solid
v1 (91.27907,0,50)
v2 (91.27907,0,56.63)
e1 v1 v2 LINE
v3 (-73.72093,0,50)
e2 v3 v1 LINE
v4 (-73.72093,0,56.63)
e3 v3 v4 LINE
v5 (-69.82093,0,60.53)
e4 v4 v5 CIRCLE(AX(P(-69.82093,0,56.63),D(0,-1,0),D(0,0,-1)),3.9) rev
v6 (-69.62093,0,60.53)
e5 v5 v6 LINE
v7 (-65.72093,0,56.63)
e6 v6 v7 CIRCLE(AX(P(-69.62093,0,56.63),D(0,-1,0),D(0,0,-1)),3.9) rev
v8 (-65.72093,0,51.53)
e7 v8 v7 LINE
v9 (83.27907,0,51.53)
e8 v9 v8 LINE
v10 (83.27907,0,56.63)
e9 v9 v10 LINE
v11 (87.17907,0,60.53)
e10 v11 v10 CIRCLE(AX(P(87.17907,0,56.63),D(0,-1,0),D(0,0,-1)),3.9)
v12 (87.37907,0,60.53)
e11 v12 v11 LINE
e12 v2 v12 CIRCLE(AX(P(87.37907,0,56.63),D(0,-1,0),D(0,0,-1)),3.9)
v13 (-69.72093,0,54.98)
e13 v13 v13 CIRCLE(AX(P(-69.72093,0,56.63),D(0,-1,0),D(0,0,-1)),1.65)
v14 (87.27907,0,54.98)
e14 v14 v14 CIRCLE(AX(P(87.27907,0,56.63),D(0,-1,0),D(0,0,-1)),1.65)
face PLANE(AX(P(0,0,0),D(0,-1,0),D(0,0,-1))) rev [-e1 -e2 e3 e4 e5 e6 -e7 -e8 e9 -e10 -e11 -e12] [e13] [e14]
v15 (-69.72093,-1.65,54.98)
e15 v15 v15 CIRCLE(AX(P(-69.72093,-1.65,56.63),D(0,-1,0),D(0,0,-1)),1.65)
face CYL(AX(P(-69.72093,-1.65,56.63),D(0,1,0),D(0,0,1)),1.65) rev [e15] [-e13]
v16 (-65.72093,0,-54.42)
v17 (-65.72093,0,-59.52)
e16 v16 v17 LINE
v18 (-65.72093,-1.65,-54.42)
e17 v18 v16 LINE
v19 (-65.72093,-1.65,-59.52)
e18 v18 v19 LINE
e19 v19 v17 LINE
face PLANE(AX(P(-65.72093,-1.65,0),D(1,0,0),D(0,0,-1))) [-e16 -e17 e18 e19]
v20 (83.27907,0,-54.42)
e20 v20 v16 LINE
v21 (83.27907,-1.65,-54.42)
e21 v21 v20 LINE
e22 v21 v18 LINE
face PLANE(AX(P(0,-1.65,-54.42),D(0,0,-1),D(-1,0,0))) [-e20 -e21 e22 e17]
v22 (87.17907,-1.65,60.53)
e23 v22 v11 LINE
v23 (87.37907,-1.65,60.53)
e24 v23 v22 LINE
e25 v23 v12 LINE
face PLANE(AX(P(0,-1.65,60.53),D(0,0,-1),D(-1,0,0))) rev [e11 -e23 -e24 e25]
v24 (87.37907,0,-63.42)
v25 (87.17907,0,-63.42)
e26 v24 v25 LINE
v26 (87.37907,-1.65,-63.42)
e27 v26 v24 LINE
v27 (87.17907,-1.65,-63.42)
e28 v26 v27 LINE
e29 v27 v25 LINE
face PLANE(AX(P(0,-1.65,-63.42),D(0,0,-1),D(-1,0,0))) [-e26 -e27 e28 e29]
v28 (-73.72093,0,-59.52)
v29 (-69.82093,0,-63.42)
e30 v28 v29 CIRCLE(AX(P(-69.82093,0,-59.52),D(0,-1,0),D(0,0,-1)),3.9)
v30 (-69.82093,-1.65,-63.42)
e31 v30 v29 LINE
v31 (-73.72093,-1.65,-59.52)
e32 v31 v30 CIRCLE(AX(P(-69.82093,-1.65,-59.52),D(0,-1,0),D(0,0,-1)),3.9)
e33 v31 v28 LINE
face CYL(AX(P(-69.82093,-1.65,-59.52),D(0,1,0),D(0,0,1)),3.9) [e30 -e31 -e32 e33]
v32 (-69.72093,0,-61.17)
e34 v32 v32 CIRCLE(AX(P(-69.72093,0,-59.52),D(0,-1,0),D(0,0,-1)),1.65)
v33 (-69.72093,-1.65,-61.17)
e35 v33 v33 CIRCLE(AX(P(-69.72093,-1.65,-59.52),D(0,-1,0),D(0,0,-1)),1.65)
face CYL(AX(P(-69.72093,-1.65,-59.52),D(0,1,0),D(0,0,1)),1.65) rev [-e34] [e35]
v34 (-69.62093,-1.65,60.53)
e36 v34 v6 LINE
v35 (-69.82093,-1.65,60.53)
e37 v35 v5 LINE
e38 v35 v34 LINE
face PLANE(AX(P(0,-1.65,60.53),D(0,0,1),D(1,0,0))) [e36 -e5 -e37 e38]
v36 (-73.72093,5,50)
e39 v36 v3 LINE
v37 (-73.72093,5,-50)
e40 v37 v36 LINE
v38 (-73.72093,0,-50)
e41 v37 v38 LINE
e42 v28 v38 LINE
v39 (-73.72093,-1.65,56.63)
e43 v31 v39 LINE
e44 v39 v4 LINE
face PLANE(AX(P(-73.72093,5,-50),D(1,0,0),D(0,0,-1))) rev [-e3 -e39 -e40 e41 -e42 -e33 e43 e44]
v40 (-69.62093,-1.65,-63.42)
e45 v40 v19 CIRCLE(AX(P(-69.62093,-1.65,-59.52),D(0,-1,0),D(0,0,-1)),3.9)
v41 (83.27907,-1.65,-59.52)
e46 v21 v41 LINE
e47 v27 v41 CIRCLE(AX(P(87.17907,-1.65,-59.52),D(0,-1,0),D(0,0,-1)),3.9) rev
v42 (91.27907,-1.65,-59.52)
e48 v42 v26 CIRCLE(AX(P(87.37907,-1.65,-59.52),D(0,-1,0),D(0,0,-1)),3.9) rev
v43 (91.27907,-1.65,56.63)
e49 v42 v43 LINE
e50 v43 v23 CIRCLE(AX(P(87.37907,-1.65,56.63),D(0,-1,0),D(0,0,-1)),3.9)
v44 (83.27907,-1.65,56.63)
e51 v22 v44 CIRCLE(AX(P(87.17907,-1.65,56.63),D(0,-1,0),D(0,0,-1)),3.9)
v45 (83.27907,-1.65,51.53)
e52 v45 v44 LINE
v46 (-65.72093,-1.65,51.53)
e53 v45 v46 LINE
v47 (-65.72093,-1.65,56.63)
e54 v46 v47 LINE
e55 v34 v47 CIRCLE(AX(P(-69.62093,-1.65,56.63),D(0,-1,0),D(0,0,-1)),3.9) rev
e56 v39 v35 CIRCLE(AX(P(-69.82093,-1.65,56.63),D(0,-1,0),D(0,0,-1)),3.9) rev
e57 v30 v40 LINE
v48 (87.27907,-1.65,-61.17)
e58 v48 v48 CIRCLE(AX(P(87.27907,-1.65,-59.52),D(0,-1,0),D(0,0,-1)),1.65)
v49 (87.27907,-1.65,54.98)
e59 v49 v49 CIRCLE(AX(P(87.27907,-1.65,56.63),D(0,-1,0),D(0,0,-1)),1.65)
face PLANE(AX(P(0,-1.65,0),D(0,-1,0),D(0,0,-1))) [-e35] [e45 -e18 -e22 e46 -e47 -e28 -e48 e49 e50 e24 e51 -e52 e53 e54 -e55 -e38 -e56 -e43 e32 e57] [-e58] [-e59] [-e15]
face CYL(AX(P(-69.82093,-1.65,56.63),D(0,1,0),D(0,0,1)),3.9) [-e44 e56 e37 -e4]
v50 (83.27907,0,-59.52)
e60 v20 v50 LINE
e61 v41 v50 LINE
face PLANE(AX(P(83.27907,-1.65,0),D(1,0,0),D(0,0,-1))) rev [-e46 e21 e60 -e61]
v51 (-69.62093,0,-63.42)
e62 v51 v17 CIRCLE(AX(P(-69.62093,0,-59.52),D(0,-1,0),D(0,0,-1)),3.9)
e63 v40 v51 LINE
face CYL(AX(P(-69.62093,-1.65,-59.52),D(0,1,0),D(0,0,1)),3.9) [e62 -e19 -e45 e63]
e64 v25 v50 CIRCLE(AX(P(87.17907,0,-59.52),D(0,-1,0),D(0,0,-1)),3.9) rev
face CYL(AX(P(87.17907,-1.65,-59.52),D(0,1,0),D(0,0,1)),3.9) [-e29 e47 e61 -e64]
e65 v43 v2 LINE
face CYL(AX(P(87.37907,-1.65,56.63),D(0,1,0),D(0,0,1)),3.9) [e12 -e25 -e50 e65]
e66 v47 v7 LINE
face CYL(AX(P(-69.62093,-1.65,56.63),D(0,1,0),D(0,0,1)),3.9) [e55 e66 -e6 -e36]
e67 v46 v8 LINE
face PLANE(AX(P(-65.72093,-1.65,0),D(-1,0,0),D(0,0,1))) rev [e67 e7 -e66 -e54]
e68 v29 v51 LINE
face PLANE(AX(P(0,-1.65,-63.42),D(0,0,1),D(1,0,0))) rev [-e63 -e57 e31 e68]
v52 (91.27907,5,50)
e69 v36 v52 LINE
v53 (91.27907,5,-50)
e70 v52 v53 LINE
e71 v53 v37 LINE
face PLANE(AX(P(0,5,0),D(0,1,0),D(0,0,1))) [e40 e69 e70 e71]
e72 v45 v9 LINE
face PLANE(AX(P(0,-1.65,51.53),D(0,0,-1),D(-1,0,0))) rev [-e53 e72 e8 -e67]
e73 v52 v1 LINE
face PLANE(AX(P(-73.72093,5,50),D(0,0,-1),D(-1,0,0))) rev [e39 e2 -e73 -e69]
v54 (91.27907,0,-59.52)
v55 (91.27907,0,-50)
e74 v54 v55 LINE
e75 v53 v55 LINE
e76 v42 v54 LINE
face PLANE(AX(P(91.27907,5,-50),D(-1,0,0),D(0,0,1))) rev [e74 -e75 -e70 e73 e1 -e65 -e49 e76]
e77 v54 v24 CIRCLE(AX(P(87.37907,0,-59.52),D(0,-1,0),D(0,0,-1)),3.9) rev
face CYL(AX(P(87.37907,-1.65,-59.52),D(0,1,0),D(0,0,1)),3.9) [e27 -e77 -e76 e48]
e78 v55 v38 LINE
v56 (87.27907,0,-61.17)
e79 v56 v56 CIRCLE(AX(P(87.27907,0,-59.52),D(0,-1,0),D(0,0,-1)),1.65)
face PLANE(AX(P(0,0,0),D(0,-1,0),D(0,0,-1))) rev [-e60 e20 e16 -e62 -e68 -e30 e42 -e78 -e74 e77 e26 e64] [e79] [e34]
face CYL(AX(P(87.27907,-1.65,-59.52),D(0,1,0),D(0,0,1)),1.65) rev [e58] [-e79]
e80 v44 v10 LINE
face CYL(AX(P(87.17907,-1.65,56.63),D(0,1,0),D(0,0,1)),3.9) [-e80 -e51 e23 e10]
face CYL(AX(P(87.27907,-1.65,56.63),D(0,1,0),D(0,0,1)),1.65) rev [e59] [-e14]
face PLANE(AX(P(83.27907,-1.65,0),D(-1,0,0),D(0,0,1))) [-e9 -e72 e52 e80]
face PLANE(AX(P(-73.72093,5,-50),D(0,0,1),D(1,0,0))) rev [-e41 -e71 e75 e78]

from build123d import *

# Parameters (mm, degrees)
SKETCH_1_W      = 165
SKETCH_1_H      = 100
EXTRUDE_1_DEPTH = 5
SKETCH_2_R      = 1.65
SKETCH_2_W      = 165
SKETCH_2_H      = 1.53
SKETCH_2_H_2    = 4.42
SKETCH_2_H_3    = 100
EXTRUDE_2_DEPTH = 1.65


with BuildPart() as part:
    # 草图1 → 凸台-拉伸1 (new body)
    with BuildSketch(Plane(origin=(0, 0, 0), x_dir=(1, 0, 0), z_dir=(0, 1, 0))):
        with Locations((8.779069767, 0)):
            Rectangle(SKETCH_1_W, SKETCH_1_H)
    extrude(amount=EXTRUDE_1_DEPTH)

    # 草图2 → 凸台-拉伸2 (add)
    # profile 1 of 7: a face of its own
    with BuildSketch(Plane.XZ):
        with BuildLine():
            Line((83.279069767, 51.53), (91.279069767, 51.53))
            Line((91.279069767, 51.53), (91.279069767, 56.63))
            ThreePointArc((91.279069767, 56.63), (90.136786214, 59.387716447), (87.379069767, 60.53))
            Line((87.379069767, 60.53), (87.179069767, 60.53))
            ThreePointArc((87.179069767, 60.53), (84.421353321, 59.387716447), (83.279069767, 56.63))
            Line((83.279069767, 56.63), (83.279069767, 51.53))
        make_face()
        with Locations(Location((87.279069767, 56.63, 0), (0, 0, 270))):
            Circle(SKETCH_2_R, mode=Mode.SUBTRACT)
    # profile 2 of 7: a face of its own
    with BuildSketch(Plane.XZ):
        with Locations((8.779069767, 50.765)):
            Rectangle(SKETCH_2_W, SKETCH_2_H)
    # profile 3 of 7: a face of its own
    with BuildSketch(Plane.XZ):
        with BuildLine():
            Line((-73.720930233, 56.63), (-73.720930233, 51.53))
            Line((-73.720930233, 51.53), (-65.720930233, 51.53))
            Line((-65.720930233, 51.53), (-65.720930233, 56.63))
            ThreePointArc((-65.720930233, 56.63), (-66.863213786, 59.387716447), (-69.620930233, 60.53))
            Line((-69.620930233, 60.53), (-69.820930233, 60.53))
            ThreePointArc((-69.820930233, 60.53), (-72.578646679, 59.387716447), (-73.720930233, 56.63))
        make_face()
        with Locations(Location((-69.720930233, 56.63, 0), (0, 0, 270))):
            Circle(SKETCH_2_R, mode=Mode.SUBTRACT)
    # profile 4 of 7: a face of its own
    with BuildSketch(Plane.XZ):
        with BuildLine():
            Line((-65.720930233, -54.42), (-73.720930233, -54.42))
            Line((-73.720930233, -54.42), (-73.720930233, -59.52))
            ThreePointArc((-73.720930233, -59.52), (-72.578646679, -62.277716447), (-69.820930233, -63.42))
            Line((-69.820930233, -63.42), (-69.620930233, -63.42))
            ThreePointArc((-69.620930233, -63.42), (-66.863213786, -62.277716447), (-65.720930233, -59.52))
            Line((-65.720930233, -59.52), (-65.720930233, -54.42))
        make_face()
        with Locations(Location((-69.720930233, -59.52, 0), (0, 0, 270))):
            Circle(SKETCH_2_R, mode=Mode.SUBTRACT)
    # profile 5 of 7: a face of its own
    with BuildSketch(Plane.XZ):
        with Locations((8.779069767, -52.21)):
            Rectangle(SKETCH_2_W, SKETCH_2_H_2)
    # profile 6 of 7: a face of its own
    with BuildSketch(Plane.XZ):
        with BuildLine():
            Line((91.279069767, -59.52), (91.279069767, -54.42))
            Line((91.279069767, -54.42), (83.279069767, -54.42))
            Line((83.279069767, -54.42), (83.279069767, -59.52))
            ThreePointArc((83.279069767, -59.52), (84.421353321, -62.277716447), (87.179069767, -63.42))
            Line((87.179069767, -63.42), (87.379069767, -63.42))
            ThreePointArc((87.379069767, -63.42), (90.136786214, -62.277716447), (91.279069767, -59.52))
        make_face()
        with Locations(Location((87.279069767, -59.52, 0), (0, 0, 270))):
            Circle(SKETCH_2_R, mode=Mode.SUBTRACT)
    # profile 7 of 7: a face of its own
    with BuildSketch(Plane.XZ):
        with Locations((8.779069767, 0)):
            Rectangle(SKETCH_2_W, SKETCH_2_H_3)
    extrude(amount=EXTRUDE_2_DEPTH)


solid = part.part
